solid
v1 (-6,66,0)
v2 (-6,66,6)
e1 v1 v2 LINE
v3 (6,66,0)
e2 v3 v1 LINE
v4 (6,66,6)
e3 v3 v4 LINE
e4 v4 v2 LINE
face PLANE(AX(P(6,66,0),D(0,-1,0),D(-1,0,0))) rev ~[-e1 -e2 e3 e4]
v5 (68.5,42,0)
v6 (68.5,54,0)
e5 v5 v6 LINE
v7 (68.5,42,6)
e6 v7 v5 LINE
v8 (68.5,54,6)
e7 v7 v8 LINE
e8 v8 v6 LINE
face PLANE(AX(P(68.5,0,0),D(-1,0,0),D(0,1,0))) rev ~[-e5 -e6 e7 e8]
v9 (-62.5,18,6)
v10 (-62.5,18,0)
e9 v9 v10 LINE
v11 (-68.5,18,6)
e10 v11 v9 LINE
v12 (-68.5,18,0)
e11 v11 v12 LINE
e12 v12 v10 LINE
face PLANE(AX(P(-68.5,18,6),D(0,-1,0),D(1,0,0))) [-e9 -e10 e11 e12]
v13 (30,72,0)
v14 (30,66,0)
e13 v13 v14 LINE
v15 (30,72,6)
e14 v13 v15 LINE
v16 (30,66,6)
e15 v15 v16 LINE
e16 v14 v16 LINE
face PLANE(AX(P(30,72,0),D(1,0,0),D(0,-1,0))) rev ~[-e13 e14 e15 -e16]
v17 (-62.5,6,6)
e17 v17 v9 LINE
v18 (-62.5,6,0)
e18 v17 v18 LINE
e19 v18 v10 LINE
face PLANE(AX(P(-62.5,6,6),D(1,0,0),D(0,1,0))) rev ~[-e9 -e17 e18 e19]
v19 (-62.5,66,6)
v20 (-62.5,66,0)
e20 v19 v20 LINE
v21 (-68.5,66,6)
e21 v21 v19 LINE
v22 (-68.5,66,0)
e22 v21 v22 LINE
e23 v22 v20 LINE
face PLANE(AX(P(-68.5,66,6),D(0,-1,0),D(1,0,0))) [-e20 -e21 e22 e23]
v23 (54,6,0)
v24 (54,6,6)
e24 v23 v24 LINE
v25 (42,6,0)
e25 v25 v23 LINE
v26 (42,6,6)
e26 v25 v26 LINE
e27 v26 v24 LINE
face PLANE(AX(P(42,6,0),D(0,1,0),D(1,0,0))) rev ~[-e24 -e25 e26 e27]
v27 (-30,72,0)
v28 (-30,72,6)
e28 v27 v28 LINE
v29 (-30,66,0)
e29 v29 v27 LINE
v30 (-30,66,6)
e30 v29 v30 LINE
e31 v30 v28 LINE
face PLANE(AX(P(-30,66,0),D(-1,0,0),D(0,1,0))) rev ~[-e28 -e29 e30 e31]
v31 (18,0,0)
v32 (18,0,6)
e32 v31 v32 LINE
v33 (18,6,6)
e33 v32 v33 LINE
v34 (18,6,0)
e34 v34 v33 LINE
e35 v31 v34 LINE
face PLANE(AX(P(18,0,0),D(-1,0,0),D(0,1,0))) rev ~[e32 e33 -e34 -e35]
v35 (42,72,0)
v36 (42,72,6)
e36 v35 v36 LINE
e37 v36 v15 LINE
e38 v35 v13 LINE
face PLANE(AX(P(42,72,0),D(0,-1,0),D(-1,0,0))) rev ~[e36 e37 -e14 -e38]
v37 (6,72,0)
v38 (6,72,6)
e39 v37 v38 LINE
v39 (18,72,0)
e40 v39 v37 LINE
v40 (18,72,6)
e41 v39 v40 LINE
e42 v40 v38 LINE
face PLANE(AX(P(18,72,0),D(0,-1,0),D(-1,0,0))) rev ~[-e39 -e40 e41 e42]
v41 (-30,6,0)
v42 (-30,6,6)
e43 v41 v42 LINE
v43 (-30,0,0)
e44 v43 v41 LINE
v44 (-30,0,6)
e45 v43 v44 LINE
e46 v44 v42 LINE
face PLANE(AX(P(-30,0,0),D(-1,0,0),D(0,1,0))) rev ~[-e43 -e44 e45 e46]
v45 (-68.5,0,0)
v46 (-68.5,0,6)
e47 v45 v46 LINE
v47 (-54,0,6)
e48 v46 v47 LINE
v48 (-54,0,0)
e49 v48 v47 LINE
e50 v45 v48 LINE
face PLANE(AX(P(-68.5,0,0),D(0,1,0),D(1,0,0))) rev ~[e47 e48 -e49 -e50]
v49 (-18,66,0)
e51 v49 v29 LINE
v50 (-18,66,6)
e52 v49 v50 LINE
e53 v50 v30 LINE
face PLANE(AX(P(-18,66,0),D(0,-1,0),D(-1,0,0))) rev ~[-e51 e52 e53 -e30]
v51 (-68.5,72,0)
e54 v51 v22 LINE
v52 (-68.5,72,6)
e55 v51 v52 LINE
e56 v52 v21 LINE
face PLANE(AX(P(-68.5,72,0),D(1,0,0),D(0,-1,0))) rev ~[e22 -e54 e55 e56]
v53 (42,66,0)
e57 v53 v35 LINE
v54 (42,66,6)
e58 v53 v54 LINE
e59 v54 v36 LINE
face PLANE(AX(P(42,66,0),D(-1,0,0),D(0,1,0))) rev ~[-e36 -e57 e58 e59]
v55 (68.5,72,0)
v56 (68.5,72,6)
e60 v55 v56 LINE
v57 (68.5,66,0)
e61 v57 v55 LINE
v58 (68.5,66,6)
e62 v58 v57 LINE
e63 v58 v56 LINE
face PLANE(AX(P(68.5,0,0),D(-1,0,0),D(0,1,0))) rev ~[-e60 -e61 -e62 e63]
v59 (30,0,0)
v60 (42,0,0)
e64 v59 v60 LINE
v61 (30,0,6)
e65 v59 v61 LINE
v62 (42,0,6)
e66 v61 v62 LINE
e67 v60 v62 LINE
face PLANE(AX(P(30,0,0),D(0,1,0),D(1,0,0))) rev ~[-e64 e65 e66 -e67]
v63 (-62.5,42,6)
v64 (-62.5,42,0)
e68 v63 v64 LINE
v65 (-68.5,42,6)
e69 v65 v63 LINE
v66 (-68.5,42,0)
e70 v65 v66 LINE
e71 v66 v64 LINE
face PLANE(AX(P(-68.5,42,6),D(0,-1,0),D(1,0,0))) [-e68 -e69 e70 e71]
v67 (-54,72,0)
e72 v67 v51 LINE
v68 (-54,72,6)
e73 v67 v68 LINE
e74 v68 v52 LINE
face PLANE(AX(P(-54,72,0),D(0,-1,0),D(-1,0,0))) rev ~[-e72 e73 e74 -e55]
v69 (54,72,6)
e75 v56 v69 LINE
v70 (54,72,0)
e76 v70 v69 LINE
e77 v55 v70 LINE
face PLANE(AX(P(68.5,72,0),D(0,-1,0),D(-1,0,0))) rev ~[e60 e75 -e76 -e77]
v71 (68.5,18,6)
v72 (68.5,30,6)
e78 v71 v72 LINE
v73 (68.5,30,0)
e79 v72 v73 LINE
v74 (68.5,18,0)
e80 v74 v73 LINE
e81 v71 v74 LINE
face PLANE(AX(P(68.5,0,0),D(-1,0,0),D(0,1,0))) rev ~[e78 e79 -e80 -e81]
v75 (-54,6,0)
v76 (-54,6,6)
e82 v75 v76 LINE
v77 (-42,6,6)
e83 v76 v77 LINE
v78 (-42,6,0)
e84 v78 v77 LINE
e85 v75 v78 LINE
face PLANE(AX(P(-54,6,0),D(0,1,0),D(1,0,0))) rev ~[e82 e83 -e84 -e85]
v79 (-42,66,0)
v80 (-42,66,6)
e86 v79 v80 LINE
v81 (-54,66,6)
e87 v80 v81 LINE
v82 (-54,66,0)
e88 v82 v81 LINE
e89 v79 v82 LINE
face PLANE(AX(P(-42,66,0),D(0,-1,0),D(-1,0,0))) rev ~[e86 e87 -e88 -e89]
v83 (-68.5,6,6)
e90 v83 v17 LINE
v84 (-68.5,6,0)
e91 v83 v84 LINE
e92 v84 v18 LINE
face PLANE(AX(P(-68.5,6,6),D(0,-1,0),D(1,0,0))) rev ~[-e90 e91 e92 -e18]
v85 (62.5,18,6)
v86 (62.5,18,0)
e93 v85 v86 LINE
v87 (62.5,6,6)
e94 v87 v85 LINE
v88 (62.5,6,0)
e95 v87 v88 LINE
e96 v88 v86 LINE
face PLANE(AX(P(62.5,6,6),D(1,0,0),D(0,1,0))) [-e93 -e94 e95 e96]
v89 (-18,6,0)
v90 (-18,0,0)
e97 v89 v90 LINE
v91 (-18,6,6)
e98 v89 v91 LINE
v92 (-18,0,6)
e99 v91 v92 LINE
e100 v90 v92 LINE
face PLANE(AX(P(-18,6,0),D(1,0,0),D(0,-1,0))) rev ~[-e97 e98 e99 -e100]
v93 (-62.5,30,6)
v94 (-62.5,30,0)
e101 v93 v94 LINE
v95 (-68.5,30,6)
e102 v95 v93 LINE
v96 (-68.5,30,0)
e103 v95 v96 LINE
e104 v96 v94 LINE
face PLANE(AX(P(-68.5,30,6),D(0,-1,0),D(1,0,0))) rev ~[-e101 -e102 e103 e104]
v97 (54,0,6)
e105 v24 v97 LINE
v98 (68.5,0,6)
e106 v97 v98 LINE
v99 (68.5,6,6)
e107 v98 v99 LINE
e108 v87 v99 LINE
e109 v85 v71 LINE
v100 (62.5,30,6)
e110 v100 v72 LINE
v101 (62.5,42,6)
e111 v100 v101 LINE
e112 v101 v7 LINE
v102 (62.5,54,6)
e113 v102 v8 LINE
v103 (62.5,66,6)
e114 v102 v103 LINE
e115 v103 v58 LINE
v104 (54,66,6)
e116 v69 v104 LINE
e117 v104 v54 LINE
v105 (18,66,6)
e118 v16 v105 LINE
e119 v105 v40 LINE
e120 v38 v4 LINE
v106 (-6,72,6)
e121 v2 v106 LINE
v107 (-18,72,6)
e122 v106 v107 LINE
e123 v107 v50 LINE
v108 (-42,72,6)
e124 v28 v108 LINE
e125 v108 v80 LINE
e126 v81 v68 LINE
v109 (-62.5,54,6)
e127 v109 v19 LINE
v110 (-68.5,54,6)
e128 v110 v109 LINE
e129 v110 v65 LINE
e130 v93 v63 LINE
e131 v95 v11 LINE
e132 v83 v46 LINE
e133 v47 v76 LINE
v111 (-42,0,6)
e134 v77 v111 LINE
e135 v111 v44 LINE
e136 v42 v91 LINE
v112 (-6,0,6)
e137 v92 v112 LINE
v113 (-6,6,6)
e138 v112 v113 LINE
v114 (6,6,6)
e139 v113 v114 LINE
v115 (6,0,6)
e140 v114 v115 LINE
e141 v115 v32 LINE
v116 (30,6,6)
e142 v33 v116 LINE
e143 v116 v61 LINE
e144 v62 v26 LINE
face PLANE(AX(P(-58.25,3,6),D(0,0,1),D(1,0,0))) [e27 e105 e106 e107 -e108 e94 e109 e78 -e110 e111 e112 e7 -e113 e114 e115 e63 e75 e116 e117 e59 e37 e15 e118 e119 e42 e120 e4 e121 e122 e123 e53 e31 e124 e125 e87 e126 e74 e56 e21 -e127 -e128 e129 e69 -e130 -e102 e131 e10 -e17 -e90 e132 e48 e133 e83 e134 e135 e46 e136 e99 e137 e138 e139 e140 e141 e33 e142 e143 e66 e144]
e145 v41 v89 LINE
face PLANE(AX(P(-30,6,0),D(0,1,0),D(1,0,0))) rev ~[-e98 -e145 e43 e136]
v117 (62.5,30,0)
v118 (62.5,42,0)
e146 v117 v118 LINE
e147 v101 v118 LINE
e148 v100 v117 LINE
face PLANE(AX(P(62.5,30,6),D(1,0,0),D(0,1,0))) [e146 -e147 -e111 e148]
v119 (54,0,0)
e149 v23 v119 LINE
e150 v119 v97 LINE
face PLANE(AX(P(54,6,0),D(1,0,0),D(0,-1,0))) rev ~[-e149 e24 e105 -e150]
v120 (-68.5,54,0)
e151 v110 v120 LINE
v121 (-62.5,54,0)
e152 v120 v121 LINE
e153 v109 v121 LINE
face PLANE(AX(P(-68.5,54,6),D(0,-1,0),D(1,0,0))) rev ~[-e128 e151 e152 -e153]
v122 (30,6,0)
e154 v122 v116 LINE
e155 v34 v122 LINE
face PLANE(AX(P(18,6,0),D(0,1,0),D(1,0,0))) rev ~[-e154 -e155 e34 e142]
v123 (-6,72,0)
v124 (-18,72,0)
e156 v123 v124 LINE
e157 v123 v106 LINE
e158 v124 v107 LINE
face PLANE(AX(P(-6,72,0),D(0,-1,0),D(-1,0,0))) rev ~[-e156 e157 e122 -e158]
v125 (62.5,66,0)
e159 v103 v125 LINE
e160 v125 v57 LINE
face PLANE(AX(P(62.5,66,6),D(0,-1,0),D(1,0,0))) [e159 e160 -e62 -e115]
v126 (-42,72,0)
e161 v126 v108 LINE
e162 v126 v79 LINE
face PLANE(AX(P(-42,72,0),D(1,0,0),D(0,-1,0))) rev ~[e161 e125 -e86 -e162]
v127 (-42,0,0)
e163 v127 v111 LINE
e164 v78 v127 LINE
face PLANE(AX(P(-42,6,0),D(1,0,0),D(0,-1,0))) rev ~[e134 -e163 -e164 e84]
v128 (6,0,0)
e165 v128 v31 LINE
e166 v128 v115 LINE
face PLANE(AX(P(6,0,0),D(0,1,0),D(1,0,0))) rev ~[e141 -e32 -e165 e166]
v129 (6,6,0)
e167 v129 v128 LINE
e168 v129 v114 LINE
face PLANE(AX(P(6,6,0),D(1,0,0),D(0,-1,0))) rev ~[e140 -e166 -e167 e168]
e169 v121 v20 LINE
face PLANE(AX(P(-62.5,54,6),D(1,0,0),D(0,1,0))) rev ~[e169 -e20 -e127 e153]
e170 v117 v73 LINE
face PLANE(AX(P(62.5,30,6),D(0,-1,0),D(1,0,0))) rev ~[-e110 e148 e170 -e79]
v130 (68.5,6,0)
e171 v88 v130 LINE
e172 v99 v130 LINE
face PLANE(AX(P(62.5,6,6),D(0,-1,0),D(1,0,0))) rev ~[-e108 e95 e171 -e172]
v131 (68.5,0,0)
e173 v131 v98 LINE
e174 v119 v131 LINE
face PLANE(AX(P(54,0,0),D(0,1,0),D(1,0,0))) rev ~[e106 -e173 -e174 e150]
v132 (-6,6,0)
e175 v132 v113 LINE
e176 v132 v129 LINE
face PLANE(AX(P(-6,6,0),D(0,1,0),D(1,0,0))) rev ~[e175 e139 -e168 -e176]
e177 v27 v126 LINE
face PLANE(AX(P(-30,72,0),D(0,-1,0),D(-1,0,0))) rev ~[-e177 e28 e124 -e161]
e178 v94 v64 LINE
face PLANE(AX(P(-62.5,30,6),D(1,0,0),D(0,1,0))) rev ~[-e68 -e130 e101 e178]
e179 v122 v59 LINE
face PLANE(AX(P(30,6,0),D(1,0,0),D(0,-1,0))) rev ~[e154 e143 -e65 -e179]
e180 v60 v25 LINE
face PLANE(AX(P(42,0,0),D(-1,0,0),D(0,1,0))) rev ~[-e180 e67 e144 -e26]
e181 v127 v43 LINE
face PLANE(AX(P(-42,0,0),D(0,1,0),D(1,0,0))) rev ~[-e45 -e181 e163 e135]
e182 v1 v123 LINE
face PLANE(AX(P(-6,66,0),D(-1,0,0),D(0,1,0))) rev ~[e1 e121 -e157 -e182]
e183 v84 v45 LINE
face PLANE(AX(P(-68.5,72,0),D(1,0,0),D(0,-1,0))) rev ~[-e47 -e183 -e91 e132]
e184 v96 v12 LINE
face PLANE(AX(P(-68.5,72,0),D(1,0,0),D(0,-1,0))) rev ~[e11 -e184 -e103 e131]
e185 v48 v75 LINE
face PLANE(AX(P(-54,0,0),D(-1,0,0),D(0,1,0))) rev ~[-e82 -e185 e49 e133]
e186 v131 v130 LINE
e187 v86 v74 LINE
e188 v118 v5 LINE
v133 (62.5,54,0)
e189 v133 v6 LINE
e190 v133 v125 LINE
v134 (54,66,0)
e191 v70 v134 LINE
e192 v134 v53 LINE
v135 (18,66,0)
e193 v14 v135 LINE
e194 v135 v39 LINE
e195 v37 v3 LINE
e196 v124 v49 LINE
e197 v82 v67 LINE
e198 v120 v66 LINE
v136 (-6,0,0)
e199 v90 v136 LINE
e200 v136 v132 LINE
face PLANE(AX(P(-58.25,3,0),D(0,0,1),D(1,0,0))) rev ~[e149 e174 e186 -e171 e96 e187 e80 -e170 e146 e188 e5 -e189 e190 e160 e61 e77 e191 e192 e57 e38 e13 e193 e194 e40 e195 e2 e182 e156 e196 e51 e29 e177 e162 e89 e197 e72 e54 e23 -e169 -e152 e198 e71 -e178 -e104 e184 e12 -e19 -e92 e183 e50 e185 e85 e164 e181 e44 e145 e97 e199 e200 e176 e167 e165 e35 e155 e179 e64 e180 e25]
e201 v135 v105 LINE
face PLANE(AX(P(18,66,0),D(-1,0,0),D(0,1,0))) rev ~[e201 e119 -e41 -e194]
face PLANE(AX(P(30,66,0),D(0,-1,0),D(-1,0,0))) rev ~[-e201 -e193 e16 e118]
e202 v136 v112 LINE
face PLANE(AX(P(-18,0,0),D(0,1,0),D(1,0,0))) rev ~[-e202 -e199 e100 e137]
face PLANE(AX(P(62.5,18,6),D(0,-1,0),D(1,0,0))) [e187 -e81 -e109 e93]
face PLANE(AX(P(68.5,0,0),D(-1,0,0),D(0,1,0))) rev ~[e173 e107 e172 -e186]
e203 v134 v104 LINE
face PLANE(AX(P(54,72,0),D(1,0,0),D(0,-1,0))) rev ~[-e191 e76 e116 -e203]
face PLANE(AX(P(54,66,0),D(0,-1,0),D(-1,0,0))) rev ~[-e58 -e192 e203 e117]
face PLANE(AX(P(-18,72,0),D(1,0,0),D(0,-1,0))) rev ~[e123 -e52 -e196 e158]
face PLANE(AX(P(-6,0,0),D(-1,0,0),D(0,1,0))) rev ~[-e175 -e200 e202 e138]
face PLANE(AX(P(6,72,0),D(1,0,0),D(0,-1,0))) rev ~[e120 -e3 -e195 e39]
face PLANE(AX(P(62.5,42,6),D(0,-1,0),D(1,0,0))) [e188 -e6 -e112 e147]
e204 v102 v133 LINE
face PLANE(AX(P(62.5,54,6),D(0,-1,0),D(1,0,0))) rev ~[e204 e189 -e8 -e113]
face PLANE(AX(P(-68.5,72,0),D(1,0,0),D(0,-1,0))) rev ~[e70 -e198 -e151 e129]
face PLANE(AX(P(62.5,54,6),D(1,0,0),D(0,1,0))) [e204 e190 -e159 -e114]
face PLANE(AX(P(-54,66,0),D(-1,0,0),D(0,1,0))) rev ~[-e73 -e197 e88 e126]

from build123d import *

# Parameters (mm, degrees)
SKETCH2_W           = 8.5
SKETCH2_H           = 6
BOSS_EXTRUDE1_DEPTH = 6
SKETCH3_W           = 6
SKETCH3_H           = 12
CUT_EXTRUDE1_DEPTH  = 6


with BuildPart() as part:
    # Sketch2 → Boss-Extrude1 (new body)
    with BuildSketch(Plane.XY):
        with Locations((-58.25, 3)):
            Rectangle(SKETCH2_W, SKETCH2_H)
        Polygon((-68.5, 72), (-68.5, 0), (-62.5, 0), (-62.5, 6), (-54, 6), (-42, 6), (-42, 0), (-30, 0), (-30, 6), (-18, 6), (-18, 0), (-6, 0), (-6, 6), (6, 6), (6, 0), (18, 0), (18, 6), (30, 6), (30, 0), (42, 0), (42, 6), (54, 6), (54, 0), (68.5, 0), (68.5, 72), (54, 72), (54, 66), (42, 66), (42, 72), (30, 72), (30, 66), (18, 66), (18, 72), (6, 72), (6, 66), (-6, 66), (-6, 72), (-18, 72), (-18, 66), (-30, 66), (-30, 72), (-42, 72), (-42, 66), (-54, 66), (-54, 72), align=None)
    extrude(amount=BOSS_EXTRUDE1_DEPTH)

    # Sketch3 → Cut-Extrude1 (cut)
    with BuildSketch(Plane.XY.offset(6)):
        with Locations((-65.5, 60)):
            Rectangle(SKETCH3_W, SKETCH3_H)
        with Locations((-65.5, 12)):
            Rectangle(SKETCH3_W, SKETCH3_H)
        with Locations((65.5, 36)):
            Rectangle(SKETCH3_W, SKETCH3_H)
        with Locations((65.5, 12)):
            Rectangle(SKETCH3_W, SKETCH3_H)
        with Locations((-65.5, 36)):
            Rectangle(SKETCH3_W, SKETCH3_H)
        with Locations((65.5, 60)):
            Rectangle(SKETCH3_W, SKETCH3_H)
    extrude(amount=-CUT_EXTRUDE1_DEPTH, mode=Mode.SUBTRACT)


solid = part.part
